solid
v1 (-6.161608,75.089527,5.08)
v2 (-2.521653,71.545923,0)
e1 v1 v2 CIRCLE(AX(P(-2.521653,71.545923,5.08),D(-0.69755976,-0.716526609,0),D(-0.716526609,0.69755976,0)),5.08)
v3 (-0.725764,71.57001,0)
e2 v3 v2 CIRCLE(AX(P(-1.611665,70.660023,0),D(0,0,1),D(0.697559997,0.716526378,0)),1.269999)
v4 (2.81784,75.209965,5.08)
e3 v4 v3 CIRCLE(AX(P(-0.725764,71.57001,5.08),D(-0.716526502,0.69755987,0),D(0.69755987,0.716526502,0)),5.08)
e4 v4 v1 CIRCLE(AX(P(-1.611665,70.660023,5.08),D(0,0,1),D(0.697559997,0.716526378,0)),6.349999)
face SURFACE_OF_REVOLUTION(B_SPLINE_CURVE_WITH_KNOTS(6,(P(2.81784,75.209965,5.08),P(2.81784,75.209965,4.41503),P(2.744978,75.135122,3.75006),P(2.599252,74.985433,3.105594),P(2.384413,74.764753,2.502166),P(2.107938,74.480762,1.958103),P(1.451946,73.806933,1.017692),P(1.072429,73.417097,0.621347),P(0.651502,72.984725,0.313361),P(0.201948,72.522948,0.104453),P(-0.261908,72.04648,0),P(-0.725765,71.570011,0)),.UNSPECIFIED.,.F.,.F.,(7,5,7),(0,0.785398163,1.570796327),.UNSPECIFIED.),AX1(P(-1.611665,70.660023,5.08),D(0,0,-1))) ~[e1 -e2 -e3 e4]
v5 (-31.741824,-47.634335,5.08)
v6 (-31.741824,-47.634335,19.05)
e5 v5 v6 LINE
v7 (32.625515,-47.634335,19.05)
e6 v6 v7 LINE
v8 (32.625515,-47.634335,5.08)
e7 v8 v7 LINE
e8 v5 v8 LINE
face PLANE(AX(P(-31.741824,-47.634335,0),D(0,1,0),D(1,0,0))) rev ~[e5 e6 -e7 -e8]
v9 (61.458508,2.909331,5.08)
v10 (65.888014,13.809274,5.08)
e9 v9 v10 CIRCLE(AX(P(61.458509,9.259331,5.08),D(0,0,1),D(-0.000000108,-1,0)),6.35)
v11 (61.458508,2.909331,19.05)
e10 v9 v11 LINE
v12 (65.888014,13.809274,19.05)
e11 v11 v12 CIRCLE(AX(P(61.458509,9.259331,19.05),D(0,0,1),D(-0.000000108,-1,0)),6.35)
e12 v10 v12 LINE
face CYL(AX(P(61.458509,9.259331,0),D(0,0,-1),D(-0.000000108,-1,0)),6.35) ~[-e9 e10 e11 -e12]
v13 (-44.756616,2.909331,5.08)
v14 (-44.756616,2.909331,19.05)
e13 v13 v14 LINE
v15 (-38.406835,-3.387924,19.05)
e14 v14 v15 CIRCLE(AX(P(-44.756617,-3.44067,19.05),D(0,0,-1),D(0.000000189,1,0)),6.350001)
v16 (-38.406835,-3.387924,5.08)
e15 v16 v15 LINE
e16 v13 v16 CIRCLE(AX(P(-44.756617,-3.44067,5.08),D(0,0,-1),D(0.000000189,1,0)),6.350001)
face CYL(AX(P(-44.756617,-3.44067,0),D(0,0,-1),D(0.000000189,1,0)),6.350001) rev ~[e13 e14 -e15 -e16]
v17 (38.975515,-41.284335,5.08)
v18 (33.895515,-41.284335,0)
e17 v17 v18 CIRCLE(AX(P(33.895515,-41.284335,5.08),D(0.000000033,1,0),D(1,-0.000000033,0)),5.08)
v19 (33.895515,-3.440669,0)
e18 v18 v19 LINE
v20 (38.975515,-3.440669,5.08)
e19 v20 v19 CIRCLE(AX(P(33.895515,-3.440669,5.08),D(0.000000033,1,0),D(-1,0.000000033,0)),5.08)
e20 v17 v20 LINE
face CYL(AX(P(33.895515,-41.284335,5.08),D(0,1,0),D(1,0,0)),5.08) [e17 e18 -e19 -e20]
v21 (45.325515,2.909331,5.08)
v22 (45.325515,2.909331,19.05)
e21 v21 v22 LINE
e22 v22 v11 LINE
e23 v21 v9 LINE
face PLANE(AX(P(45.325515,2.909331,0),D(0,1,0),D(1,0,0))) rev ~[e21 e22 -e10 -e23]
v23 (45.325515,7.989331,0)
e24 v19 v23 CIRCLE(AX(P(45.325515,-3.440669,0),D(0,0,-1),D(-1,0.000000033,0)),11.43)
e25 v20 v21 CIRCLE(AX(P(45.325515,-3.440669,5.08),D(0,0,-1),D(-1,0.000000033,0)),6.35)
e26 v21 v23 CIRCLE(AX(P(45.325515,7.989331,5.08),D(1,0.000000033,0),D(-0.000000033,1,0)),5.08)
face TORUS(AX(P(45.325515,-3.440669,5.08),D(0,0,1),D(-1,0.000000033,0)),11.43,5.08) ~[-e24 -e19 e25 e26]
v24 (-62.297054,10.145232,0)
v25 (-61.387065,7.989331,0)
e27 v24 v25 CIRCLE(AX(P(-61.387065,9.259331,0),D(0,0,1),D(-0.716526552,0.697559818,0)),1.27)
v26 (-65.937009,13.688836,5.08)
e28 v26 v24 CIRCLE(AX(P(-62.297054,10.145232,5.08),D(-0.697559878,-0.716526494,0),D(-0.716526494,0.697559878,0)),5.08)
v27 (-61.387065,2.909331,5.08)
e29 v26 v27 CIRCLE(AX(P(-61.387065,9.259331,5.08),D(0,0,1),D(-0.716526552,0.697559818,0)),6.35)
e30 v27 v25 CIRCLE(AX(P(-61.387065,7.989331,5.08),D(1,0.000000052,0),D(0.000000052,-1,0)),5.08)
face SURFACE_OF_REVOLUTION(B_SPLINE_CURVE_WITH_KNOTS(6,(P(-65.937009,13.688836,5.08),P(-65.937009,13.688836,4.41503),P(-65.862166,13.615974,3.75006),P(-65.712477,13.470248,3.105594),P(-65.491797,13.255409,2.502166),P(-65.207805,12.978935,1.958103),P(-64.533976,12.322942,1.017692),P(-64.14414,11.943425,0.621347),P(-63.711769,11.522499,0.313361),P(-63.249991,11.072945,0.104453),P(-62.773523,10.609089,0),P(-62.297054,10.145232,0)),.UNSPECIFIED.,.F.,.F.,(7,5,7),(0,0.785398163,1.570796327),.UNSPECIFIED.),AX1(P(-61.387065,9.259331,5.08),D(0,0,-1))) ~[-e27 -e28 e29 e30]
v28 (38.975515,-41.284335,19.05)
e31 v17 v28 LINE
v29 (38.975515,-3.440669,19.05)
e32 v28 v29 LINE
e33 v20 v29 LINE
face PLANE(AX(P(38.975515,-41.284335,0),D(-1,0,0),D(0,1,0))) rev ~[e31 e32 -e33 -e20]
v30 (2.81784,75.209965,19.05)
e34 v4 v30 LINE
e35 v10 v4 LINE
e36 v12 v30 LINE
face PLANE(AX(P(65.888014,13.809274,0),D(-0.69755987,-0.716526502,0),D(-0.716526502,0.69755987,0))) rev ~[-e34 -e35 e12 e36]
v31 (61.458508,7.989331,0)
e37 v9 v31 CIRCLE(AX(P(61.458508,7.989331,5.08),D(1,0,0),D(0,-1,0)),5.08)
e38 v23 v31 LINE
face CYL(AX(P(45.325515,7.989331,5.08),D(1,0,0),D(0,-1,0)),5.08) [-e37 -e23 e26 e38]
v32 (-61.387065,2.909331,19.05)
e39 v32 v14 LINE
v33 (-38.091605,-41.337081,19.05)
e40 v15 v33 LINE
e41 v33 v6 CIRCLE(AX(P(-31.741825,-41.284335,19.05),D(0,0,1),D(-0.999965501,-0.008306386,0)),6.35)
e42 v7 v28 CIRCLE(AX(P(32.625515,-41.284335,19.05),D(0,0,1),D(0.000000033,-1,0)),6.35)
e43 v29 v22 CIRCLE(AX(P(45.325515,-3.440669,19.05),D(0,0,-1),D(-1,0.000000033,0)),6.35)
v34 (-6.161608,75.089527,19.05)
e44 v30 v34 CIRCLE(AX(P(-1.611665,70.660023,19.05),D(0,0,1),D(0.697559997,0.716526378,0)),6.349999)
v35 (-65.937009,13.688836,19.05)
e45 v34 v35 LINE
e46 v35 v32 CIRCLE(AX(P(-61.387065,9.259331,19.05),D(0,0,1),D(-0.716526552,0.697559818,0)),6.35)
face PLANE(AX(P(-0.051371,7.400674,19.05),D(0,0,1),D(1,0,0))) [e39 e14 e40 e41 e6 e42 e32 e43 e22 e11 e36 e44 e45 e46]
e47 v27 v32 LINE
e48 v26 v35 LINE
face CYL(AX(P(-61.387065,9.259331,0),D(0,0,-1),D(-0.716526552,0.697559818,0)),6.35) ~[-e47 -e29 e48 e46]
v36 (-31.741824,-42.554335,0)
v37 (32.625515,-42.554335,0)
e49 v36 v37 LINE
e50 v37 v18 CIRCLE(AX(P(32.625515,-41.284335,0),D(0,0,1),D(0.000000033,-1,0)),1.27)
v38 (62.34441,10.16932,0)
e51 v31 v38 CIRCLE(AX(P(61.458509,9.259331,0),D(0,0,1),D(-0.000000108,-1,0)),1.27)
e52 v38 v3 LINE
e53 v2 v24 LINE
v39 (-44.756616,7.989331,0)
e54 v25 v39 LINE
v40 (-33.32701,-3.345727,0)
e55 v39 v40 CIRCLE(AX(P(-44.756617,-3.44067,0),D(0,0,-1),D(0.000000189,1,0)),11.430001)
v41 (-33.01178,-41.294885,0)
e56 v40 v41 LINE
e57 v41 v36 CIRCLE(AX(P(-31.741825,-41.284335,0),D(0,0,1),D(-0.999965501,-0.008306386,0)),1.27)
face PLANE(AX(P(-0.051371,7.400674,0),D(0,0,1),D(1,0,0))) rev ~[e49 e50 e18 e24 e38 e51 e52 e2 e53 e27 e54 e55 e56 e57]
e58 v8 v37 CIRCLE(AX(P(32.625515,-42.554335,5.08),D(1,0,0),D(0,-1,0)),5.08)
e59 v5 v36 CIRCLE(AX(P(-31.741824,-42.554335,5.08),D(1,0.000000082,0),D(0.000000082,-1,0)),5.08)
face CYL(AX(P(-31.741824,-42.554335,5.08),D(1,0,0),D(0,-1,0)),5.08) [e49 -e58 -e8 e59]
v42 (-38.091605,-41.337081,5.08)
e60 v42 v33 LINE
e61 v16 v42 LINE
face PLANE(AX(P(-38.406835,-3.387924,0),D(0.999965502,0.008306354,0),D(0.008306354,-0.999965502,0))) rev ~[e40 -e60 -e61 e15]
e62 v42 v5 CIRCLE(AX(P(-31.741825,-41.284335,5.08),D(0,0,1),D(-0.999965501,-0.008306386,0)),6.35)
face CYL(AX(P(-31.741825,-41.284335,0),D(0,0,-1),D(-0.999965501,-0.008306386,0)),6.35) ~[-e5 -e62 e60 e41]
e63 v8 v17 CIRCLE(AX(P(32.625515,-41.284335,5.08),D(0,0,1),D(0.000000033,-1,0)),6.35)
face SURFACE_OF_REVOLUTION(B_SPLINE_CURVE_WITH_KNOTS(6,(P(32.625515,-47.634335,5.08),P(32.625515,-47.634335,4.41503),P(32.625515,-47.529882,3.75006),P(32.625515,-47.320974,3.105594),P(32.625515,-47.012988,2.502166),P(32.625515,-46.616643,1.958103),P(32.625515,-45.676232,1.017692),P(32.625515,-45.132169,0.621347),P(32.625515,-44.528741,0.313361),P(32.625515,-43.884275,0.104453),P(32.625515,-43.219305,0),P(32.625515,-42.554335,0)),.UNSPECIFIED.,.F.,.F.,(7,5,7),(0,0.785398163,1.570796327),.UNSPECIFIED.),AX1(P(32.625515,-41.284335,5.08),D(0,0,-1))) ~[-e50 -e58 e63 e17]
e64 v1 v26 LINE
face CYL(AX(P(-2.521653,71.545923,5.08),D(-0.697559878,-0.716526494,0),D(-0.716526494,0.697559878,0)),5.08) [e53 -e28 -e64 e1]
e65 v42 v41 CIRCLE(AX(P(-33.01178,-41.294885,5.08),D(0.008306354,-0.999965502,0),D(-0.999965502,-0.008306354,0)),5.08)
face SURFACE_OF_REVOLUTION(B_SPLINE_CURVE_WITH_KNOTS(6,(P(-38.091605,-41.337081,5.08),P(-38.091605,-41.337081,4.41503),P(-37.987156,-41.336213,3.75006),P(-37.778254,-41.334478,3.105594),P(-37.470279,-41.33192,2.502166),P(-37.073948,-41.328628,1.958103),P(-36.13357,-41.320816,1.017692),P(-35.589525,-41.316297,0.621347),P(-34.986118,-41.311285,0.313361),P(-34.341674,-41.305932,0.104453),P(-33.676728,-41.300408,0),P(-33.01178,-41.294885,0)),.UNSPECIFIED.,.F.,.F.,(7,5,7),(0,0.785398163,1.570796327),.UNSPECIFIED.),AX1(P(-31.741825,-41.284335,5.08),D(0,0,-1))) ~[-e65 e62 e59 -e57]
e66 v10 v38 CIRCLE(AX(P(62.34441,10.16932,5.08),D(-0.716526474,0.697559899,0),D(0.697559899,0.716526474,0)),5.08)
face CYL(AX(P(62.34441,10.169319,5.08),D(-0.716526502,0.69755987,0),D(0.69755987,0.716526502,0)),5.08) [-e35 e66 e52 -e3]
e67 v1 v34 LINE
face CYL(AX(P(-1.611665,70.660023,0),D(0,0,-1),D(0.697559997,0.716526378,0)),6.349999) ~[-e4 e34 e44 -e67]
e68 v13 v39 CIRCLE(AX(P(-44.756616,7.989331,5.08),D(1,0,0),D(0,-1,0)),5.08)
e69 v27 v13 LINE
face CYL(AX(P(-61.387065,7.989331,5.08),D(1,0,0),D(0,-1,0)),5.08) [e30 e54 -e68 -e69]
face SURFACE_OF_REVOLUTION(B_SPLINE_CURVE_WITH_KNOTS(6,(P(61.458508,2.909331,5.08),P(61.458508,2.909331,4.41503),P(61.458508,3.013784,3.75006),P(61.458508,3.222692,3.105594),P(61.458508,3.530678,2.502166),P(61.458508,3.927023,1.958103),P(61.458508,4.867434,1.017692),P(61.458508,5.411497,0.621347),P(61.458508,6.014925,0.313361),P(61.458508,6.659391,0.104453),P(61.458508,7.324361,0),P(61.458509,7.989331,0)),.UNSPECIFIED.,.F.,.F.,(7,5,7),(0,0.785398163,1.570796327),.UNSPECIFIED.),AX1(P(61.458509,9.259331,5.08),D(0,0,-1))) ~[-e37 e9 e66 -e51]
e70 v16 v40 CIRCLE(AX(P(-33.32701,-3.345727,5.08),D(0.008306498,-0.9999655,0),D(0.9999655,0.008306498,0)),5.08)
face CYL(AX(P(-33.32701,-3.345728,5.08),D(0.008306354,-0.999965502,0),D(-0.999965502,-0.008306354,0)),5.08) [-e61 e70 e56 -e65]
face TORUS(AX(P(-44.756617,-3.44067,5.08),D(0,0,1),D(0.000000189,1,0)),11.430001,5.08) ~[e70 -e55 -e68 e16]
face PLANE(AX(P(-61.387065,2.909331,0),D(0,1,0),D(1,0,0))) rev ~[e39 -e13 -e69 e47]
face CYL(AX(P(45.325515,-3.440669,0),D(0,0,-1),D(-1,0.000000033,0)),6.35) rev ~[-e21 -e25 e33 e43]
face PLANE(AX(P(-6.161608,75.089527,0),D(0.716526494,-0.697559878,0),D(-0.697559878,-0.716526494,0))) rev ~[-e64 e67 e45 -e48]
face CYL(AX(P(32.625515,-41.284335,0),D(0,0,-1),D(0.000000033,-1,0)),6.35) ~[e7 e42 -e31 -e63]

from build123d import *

# Parameters (mm, degrees)
F1_DEPTH = 19.05
F2_R     = 5.08


with BuildPart() as f1:
    # F0 (on Top) → F1 (new body)
    with BuildSketch(Plane.XY):
        with BuildLine():
            ThreePointArc((38.975515, -3.440669), (40.835387, 1.049459), (45.325515, 2.909331))
            Line((45.325515, 2.909331), (61.458508, 2.909331))
            ThreePointArc((61.458508, 2.909331), (67.341307, 6.868686), (65.888014, 13.809274))
            Line((65.888014, 13.809274), (2.81784, 75.209965))
            ThreePointArc((2.81784, 75.209965), (-1.696828, 77.009451), (-6.161608, 75.089527))
            Line((-6.161608, 75.089527), (-65.937009, 13.688836))
            ThreePointArc((-65.937009, 13.688836), (-67.237273, 6.790005), (-61.387065, 2.909331))
            Line((-61.387065, 2.909331), (-44.756616, 2.909331))
            ThreePointArc((-44.756616, 2.909331), (-40.285175, 1.068068), (-38.406835, -3.387924))
            Line((-38.406835, -3.387924), (-38.091605, -41.337081))
            ThreePointArc((-38.091605, -41.337081), (-36.213265, -45.793073), (-31.741824, -47.634335))
            Line((-31.741824, -47.634335), (32.625515, -47.634335))
            ThreePointArc((32.625515, -47.634335), (37.115643, -45.774463), (38.975515, -41.284335))
            Line((38.975515, -41.284335), (38.975515, -3.440669))
        make_face()
    extrude(amount=F1_DEPTH)

    # F2
    f2_edges = [f1.edges().sort_by_distance(p)[0] for p in [
        (40.835387, 1.049459, 0),
        (53.392012, 2.909331, 0),
        (67.341307, 6.868686, 0),
        (34.352927, 44.509619, 0),
        (-1.696828, 77.009451, 0),
        (-36.049308, 44.389181, 0),
        (-67.237273, 6.790005, 0),
        (-53.071841, 2.909331, 0),
        (-40.285175, 1.068068, 0),
        (-38.24922, -22.362502, 0),
        (-36.213265, -45.793073, 0),
        (0.441845, -47.634335, 0),
        (37.115643, -45.774463, 0),
        (38.975515, -22.362502, 0),
    ]]
    fillet(f2_edges, radius=F2_R)


solid = f1.part
